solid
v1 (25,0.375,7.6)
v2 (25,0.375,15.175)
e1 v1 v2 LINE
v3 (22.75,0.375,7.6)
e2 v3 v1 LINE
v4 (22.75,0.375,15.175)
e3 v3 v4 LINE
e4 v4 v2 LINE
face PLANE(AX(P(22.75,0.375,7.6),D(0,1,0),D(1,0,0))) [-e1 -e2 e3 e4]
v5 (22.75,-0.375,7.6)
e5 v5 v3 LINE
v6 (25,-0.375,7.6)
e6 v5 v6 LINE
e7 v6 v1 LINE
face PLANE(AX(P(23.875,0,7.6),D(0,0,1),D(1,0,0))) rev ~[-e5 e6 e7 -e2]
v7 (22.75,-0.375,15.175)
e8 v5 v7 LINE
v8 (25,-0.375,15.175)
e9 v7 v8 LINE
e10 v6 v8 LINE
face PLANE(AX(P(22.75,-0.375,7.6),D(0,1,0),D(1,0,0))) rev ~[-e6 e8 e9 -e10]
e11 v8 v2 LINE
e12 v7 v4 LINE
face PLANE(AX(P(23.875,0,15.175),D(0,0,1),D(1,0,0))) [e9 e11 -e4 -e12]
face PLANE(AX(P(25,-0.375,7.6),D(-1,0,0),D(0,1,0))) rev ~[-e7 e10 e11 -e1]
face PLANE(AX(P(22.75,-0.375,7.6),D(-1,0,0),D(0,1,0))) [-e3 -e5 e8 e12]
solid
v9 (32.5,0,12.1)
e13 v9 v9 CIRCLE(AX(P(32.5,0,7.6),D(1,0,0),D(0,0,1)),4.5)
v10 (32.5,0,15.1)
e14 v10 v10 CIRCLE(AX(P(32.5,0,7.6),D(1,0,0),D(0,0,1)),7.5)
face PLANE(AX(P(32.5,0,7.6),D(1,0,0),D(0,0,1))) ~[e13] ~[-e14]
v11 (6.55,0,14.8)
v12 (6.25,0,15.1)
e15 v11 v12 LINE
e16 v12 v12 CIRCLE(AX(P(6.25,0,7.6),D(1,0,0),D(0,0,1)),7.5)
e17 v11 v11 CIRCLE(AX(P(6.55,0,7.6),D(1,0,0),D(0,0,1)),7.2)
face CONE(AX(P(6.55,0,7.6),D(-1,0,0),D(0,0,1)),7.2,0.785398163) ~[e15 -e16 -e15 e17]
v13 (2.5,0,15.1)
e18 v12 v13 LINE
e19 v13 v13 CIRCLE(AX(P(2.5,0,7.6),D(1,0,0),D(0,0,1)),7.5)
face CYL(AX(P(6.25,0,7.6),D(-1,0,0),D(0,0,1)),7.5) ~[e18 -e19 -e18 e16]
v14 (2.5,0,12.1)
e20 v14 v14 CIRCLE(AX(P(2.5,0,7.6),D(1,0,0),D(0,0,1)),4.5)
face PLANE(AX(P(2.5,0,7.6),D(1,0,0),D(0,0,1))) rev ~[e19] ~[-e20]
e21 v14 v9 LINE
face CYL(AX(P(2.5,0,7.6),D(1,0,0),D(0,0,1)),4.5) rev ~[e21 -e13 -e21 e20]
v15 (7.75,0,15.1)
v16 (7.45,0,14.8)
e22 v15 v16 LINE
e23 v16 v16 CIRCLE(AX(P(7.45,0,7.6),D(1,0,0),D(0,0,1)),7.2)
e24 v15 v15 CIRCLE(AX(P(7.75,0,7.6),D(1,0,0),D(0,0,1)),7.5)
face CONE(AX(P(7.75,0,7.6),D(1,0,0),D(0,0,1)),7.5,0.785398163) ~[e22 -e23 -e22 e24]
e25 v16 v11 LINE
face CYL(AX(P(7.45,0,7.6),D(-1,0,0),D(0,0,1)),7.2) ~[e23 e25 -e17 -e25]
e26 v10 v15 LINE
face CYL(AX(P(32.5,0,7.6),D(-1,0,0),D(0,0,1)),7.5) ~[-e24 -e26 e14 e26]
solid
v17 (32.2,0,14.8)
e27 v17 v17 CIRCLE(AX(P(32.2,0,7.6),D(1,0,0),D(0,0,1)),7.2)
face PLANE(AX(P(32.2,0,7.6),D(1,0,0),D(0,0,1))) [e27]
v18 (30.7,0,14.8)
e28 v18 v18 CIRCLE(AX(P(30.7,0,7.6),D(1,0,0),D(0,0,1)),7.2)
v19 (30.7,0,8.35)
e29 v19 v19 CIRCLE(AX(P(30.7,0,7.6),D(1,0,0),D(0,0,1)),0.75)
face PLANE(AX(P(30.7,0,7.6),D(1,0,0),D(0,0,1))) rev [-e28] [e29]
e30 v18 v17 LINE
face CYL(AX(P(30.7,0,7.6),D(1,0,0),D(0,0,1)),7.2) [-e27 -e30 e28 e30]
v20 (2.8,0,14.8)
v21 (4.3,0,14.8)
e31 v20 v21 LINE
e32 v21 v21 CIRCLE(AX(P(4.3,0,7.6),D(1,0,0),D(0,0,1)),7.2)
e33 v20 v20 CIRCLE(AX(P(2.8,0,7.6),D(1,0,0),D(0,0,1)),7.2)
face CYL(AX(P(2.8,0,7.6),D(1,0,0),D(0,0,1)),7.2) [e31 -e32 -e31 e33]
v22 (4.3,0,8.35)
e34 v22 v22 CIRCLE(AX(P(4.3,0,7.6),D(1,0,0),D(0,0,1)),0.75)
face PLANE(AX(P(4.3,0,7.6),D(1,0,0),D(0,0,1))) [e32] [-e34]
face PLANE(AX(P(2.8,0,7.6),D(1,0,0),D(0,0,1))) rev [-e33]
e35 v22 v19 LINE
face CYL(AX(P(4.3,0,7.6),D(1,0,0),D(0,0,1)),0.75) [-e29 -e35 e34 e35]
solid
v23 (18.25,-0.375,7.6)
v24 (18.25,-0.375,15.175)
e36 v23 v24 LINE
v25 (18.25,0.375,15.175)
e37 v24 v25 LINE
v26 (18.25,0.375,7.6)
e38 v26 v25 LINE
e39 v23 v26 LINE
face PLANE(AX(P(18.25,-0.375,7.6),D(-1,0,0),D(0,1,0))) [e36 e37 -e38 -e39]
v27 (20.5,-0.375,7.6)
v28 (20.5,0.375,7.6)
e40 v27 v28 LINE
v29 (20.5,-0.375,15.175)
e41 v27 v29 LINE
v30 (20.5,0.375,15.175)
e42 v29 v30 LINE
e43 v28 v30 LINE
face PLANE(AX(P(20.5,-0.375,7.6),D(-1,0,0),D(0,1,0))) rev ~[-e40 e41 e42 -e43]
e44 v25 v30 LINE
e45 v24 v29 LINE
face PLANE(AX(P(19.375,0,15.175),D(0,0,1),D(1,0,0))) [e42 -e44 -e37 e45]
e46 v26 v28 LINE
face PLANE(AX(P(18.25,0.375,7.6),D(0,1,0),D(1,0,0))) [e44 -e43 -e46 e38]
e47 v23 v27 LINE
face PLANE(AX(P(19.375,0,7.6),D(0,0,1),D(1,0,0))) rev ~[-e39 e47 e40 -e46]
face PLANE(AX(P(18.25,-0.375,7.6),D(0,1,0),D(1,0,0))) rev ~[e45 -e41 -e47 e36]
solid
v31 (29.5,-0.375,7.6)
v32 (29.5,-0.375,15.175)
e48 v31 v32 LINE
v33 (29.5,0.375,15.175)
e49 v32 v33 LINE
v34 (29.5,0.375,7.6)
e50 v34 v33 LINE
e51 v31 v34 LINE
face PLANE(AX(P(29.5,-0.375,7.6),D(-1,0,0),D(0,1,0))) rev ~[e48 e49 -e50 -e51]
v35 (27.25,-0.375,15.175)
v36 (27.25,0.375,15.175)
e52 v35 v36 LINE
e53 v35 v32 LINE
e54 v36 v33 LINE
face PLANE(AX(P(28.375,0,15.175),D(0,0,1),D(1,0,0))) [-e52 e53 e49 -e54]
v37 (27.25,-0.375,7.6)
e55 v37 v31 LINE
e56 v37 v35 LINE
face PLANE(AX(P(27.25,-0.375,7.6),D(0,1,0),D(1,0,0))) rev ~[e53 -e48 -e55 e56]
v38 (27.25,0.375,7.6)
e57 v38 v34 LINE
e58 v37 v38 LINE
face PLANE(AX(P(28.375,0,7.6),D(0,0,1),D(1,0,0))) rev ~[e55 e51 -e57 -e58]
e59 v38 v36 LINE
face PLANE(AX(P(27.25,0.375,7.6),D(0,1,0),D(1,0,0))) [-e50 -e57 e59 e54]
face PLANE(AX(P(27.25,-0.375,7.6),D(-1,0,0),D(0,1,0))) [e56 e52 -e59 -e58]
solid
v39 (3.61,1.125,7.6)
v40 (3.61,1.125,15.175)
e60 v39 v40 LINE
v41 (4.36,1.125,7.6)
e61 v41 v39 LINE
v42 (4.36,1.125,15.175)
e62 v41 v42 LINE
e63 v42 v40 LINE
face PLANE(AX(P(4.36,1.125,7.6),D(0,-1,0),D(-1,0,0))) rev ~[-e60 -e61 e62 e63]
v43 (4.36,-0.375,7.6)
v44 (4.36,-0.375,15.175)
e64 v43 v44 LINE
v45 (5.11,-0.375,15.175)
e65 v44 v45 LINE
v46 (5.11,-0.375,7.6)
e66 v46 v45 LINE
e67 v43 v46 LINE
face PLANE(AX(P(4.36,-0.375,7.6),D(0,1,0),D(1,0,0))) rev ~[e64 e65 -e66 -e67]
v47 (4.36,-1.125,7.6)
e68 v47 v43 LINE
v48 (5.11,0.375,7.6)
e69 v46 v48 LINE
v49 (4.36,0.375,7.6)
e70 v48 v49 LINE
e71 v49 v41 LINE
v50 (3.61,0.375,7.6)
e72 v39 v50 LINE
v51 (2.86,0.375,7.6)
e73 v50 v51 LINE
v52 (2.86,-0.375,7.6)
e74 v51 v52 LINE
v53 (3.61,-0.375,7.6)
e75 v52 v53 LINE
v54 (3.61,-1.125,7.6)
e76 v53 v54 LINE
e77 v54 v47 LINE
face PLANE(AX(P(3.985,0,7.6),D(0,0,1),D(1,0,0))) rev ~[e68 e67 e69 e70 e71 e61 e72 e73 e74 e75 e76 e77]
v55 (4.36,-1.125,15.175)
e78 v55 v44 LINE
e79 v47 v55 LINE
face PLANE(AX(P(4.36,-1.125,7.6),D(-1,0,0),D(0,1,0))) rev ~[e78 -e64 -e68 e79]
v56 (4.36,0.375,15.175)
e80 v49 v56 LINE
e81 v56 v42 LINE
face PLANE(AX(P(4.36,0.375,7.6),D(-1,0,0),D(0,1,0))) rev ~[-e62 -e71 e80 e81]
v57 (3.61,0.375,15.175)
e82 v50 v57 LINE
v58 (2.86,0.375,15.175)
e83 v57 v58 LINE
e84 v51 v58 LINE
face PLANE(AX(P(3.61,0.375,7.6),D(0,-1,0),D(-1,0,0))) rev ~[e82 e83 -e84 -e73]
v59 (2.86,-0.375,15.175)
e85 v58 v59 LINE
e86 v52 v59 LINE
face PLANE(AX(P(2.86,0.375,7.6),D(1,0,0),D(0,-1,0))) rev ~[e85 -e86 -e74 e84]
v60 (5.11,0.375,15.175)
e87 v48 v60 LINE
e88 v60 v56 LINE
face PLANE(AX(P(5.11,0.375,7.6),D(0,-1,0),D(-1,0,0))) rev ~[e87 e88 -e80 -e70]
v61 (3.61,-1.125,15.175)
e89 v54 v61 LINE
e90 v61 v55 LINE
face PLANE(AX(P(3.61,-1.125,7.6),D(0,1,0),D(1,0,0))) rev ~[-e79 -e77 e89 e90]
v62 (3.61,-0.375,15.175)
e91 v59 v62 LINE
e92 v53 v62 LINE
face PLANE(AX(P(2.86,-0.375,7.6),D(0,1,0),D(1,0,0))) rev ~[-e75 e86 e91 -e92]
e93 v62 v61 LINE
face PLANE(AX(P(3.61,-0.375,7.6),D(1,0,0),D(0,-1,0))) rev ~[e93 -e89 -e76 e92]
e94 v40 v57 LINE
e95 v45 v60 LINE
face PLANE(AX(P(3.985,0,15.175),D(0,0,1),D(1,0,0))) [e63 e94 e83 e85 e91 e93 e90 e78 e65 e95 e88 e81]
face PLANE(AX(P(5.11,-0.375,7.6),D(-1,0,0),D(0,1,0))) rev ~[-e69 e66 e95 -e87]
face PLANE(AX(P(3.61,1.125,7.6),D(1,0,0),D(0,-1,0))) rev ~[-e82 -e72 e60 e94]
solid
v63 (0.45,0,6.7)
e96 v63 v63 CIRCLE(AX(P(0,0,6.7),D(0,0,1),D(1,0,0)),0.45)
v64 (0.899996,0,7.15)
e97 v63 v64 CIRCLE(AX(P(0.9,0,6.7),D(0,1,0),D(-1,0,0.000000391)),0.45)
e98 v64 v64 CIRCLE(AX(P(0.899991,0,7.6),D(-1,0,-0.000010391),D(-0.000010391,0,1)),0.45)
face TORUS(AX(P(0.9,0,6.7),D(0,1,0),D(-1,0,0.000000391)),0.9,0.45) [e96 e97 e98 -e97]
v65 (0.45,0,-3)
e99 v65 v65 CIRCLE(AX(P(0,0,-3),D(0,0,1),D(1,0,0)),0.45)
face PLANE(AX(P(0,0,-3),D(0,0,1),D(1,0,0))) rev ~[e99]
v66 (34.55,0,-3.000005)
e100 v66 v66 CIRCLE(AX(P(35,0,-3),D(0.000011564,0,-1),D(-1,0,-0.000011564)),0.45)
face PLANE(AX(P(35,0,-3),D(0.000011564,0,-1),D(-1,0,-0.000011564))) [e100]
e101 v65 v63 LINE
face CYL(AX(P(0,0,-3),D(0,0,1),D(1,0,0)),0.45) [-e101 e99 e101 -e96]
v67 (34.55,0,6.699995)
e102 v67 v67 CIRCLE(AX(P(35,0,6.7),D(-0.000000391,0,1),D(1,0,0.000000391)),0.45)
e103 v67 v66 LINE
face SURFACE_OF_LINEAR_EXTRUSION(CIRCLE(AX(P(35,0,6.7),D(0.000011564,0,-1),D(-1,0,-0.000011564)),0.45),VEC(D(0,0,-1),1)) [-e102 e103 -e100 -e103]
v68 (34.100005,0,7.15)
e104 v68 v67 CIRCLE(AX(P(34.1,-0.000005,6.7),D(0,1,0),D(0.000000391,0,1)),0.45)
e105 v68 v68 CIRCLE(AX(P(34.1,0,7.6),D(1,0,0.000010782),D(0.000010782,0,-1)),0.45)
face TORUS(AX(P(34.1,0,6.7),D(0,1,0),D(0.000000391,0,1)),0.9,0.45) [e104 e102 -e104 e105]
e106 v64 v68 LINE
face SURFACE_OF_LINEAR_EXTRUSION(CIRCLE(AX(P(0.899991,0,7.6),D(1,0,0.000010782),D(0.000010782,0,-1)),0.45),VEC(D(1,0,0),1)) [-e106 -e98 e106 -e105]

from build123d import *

# Parameters (mm, degrees)
SKETCH_R    = 0.45
SKETCH004_W = 2.25
SKETCH004_H = 0.75
PAD_DEPTH   = 7.575


with BuildPart() as sweep_body:
    # Sweep: sweep along a path in Sketch001
    with BuildLine(Plane.XZ) as sweep_path:
        Line((0, -3), (0, 6.7))
        ThreePointArc((0, 6.7), (0.263601, 7.336393), (0.899991, 7.6))
        Line((0.899991, 7.6), (34.1, 7.6))
        ThreePointArc((34.1, 7.6), (34.736396, 7.336396), (35, 6.7))
        Line((35, 6.7), (35, -3))
    # Sketch → Sweep (sweep)
    with BuildSketch(Plane.XY.offset(-2)):
        Circle(SKETCH_R)
    sweep(path=sweep_path.line)


with BuildPart() as revolution:
    # Sketch002 → Revolution (revolve)
    with BuildSketch(Plane.XZ):
        Polygon((2.5, 15.1), (2.5, 12.1), (32.5, 12.1), (32.5, 15.1), (7.75, 15.1), (7.45, 14.8), (6.55, 14.8), (6.25, 15.1), align=None)
    revolve(axis=Axis((6.97588, 0, 7.6), (1, 0, 0)))


with BuildPart() as revolution001:
    # Sketch003 → Revolution001 (revolve)
    with BuildSketch(Plane.XZ):
        Polygon((2.8, 14.8), (4.3, 14.8), (4.3, 8.35), (30.7, 8.35), (30.7, 14.8), (32.2, 14.8), (32.2, 7.6), (2.8, 7.6), align=None)
    revolve(axis=Axis((6.97588, 0, 7.6), (1, 0, 0)))


with BuildPart() as pad:
    # Sketch004 → Pad (new body)
    with BuildSketch(Plane.XY.offset(7.6)):
        with Locations((28.375, 0)):
            Rectangle(SKETCH004_W, SKETCH004_H)
        with Locations((23.875, 0)):
            Rectangle(SKETCH004_W, SKETCH004_H)
        with Locations((19.375, 0)):
            Rectangle(SKETCH004_W, SKETCH004_H)
        Polygon((3.61, 0.375), (2.86, 0.375), (2.86, -0.375), (3.61, -0.375), (3.61, -1.125), (4.36, -1.125), (4.36, -0.375), (5.11, -0.375), (5.11, 0.375), (4.36, 0.375), (4.36, 1.125), (3.61, 1.125), align=None)
    extrude(amount=PAD_DEPTH)


solid = Compound([sweep_body.part, revolution.part, revolution001.part, pad.part])
